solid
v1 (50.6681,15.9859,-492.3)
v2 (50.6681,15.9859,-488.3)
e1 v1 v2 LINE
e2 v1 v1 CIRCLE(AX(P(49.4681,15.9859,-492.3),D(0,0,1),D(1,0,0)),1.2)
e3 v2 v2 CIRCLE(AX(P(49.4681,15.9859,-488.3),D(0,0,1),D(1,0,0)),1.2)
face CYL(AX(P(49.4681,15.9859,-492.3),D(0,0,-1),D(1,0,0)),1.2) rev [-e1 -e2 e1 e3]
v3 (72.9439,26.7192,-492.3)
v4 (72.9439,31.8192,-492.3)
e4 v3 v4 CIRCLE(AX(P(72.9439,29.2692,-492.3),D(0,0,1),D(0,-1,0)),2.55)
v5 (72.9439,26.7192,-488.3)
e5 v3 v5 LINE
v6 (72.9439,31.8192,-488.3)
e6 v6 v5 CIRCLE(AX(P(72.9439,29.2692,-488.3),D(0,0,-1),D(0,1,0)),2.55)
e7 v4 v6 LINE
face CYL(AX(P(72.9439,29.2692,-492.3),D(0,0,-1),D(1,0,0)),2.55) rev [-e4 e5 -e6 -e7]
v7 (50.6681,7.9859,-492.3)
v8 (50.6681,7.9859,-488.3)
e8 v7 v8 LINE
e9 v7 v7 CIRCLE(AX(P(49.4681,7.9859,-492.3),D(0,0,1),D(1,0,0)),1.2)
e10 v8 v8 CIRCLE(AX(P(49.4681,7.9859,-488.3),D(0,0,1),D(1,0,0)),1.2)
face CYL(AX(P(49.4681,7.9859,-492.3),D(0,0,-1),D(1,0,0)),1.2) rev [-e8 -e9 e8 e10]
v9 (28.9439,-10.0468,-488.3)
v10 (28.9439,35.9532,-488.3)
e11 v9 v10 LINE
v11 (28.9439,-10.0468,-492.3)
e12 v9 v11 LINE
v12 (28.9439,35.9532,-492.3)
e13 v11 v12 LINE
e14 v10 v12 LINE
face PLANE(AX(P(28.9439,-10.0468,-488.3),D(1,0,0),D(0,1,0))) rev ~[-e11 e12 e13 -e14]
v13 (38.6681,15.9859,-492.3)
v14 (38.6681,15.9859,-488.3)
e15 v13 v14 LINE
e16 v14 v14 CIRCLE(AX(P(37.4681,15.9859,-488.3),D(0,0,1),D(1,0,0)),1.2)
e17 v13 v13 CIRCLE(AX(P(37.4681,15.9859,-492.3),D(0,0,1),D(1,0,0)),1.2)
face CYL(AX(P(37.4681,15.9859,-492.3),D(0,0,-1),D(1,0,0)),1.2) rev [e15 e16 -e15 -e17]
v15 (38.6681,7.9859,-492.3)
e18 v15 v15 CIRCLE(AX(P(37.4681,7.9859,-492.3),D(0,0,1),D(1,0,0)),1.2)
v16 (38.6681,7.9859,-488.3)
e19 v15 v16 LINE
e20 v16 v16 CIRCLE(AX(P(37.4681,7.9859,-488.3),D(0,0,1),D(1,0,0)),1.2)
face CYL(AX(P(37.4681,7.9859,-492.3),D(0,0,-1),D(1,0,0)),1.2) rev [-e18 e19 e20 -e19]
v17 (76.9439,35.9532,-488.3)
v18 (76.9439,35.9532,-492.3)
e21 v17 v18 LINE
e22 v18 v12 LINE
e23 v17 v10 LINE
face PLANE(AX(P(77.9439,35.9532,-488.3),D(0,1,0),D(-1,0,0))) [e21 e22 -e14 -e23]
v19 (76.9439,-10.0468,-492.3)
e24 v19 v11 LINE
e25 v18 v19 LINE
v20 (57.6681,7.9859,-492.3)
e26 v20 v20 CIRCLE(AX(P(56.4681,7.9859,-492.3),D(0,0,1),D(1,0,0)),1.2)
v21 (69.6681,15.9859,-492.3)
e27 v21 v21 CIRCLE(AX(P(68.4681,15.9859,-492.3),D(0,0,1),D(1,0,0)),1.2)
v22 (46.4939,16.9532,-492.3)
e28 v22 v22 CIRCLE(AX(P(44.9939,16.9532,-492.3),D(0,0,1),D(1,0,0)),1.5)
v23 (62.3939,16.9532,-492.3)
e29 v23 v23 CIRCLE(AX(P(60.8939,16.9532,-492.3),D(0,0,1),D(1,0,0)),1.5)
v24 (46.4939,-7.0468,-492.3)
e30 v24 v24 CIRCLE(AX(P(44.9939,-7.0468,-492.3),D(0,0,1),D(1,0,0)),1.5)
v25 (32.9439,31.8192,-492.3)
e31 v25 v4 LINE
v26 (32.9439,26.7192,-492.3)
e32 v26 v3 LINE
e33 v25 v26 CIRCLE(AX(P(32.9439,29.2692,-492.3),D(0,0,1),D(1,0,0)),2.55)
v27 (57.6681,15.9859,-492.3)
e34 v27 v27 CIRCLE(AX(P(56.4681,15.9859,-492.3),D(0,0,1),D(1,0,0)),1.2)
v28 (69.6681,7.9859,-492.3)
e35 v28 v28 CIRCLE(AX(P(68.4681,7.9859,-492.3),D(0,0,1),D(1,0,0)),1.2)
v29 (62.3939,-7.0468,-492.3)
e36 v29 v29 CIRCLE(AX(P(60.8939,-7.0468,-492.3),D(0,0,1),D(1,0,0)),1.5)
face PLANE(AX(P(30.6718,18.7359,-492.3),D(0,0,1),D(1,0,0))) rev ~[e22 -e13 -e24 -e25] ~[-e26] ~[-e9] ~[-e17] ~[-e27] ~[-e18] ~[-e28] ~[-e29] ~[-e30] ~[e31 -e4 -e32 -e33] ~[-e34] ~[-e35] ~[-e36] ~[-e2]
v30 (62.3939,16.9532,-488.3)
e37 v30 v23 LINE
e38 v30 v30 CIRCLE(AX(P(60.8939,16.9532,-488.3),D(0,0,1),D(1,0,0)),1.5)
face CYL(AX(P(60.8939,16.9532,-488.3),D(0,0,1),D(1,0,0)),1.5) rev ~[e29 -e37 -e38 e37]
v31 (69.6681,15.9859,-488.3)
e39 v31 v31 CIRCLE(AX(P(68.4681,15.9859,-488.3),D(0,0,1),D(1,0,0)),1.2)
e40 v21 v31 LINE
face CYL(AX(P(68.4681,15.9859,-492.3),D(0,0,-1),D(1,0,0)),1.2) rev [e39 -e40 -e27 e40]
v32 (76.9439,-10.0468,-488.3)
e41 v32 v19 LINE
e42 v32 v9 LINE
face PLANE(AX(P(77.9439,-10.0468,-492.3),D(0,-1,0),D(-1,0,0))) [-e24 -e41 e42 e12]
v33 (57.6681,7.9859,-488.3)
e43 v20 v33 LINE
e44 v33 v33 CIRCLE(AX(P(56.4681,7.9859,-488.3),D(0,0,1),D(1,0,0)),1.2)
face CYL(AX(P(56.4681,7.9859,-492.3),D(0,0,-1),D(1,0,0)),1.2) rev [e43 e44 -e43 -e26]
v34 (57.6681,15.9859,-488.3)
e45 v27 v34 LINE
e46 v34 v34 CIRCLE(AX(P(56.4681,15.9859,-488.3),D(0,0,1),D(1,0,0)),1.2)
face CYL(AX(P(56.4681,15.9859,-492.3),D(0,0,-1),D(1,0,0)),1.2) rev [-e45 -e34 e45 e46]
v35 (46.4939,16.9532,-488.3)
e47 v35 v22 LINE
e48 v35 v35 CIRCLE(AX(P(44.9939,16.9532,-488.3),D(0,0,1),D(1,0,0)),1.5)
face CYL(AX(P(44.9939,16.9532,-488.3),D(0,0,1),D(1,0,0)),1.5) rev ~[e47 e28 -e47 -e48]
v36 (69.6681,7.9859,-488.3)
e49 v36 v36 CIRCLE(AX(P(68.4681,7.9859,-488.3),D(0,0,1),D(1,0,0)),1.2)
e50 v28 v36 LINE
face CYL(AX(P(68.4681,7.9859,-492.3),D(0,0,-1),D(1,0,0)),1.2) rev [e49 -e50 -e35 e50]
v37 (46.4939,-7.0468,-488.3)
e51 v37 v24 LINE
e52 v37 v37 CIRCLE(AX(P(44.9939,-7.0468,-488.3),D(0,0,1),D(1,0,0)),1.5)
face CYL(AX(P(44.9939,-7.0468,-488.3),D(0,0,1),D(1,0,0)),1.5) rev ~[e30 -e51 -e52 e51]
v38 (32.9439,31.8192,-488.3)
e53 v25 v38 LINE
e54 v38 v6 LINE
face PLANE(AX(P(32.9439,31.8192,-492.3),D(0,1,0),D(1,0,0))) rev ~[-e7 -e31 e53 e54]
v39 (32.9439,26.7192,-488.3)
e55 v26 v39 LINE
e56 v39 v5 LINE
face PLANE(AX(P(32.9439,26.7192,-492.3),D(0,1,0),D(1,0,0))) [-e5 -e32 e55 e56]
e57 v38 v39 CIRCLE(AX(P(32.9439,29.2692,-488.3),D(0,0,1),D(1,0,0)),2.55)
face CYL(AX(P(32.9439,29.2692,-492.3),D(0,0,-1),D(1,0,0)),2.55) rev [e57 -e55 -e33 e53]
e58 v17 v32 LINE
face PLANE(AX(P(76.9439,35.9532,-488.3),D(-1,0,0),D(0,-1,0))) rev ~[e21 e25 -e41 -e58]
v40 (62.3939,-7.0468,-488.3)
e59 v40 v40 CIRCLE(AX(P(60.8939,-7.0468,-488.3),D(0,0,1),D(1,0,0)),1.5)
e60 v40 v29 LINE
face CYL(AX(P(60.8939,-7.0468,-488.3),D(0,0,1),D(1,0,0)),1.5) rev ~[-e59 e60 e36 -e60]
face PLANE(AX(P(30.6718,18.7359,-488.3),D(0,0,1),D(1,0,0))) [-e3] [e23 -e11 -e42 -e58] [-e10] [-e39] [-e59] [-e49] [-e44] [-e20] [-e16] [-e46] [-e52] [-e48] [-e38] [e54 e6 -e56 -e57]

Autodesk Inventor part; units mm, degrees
ref_plane "YZ Plane" through (0, 0, 0) normal (1, 0, 0) x (0, 1, 0)
ref_plane "XZ Plane" through (0, 0, 0) normal (0, 1, 0) x (-1, 0, 0)
ref_plane "XY Plane" through (0, 0, 0) normal (0, 0, 1) x (1, 0, 0)
ref_plane "РабПлоскость1" through (30.6718, 18.7359, -492.3) normal (0, 0, 1) x (1, 0, 0)
sketch "Эскиз1" plane through (30.6718, 18.7359, -492.3) normal (0, 0, 1) x (1, 0, 0)
  line L0 (9.0963, 0) -> (4.4963, 0) projected
  line L1 (4.4963, 0) -> (4.4963, -13.5) projected
  line L2 (9.0963, -13.5) -> (4.4963, -13.5) projected
  line L3 (9.0963, -13.5) -> (9.0963, 0) projected
  circle A0 centre (6.7963, -2.75) radius 1.2 projected
  circle A1 centre (6.7963, -10.75) radius 1.2 projected
  line L4 (21.0963, 0) -> (16.4963, 0) projected
  line L5 (16.4963, 0) -> (16.4963, -13.5) projected
  line L6 (21.0963, -13.5) -> (16.4963, -13.5) projected
  line L7 (21.0963, -13.5) -> (21.0963, 0) projected
  circle A2 centre (18.7963, -2.75) radius 1.2 projected
  circle A3 centre (18.7963, -10.75) radius 1.2 projected
  line L8 (28.0963, 0) -> (23.4963, 0) projected
  line L9 (23.4963, 0) -> (23.4963, -13.5) projected
  line L10 (28.0963, -13.5) -> (23.4963, -13.5) projected
  line L11 (28.0963, -13.5) -> (28.0963, 0) projected
  circle A4 centre (25.7963, -2.75) radius 1.2 projected
  circle A5 centre (25.7963, -10.75) radius 1.2 projected
  line L12 (40.0963, 0) -> (35.4963, 0) projected
  line L13 (35.4963, 0) -> (35.4963, -13.5) projected
  line L14 (40.0963, -13.5) -> (35.4963, -13.5) projected
  line L15 (40.0963, -13.5) -> (40.0963, 0) projected
  circle A6 centre (37.7963, -2.75) radius 1.2 projected
  circle A7 centre (37.7963, -10.75) radius 1.2 projected
  circle A8 centre (36.2999, 10.4999) radius 2.5 projected
  circle A9 centre (36.2999, 10.4999) radius 1 projected
  line L16 (-2.7279, 21.2173) -> (47.2721, 21.2173)
  line L17 (47.2721, 21.2173) -> (47.2721, -28.7827)
  line L18 (47.2721, -28.7827) -> (-2.7279, -28.7827)
  line L19 (-2.7279, -28.7827) -> (-2.7279, 21.2173)
  line L20 (22.2721, -16.5) -> (22.2721, -5.5248)
  line L21 (13.8, -23.7827) -> (31.824, -23.7827)
  line L22 (2.2721, 13.0833) -> (42.2721, 13.0833)
  line L23 (2.2721, 7.9833) -> (42.2721, 7.9833)
  circle A10 centre (2.2721, 10.5333) radius 2.55
  circle A11 centre (42.2721, 10.5333) radius 2.55
  point P0 (-30.6718, -18.7359)
  point P1 (-2.7279, -3.7827)
  point P2 (42.2721, 13.0833)
  dimension "d0" = 50
  dimension "d1" = 50
  dimension "d2" = 25
  dimension "d3" = 5
  dimension "d10" = 40
  dimension "d11" = 5
  dimension "d13" = 5
  dimension "d14" = 5.1
extrude "Выдавливание1" add sketch "Эскиз1" along normal blind 4 contours L3 L2 L1 L0 | L7 L6 L5 L4 | L11 L10 L9 L8 | L15 L14 L13 L12 | L16 L17 L18 L19
sketch "Эскиз2" plane through (30.6718, 18.7359, -488.3) normal (0, 0, 1) x (1, 0, 0)
  circle A0 centre (30.2221, -1.7827) radius 1.5 projected
  circle A1 centre (14.3221, -1.7827) radius 1.5 projected
  circle A2 centre (30.2221, -25.7827) radius 1.5 projected
  circle A3 centre (14.3221, -25.7827) radius 1.5 projected
  point P0 (-30.6718, -18.7359)
extrude "Выдавливание2" cut sketch "Эскиз2" against normal blind 10
sketch "Эскиз3" plane through (30.6718, 18.7359, -488.3) normal (0, 0, 1) x (1, 0, 0)
  line L0 (47.2721, 21.2173) -> (-2.7279, 21.2173) projected
  line L1 (47.2721, -28.7827) -> (47.2721, 21.2173) projected
  line L2 (-2.7279, 21.2173) -> (47.2721, 21.2173)
  line L3 (47.2721, 21.2173) -> (47.2721, 17.2173)
  line L4 (47.2721, 17.2173) -> (-2.7279, 17.2173)
  line L5 (-2.7279, 17.2173) -> (-2.7279, 21.2173)
  point P0 (-30.6718, -18.7359)
  dimension "d15" = 4
extrude "Выдавливание3" cut sketch "Эскиз3" against normal blind 10
sketch "Эскиз4" plane through (30.6718, 18.7359, -488.3) normal (0, 0, 1) x (1, 0, 0)
  line L0 (-2.7279, 17.2173) -> (-2.7279, -28.7827) projected
  line L1 (47.2721, 17.2173) -> (-2.7279, 17.2173) projected
  line L2 (-2.7279, -28.7827) -> (-1.7279, -28.7827)
  line L3 (-1.7279, -28.7827) -> (-1.7279, 17.2173)
  line L4 (-1.7279, 17.2173) -> (-2.7279, 17.2173)
  line L5 (-2.7279, 17.2173) -> (-2.7279, -28.7827)
  line L6 (47.2721, -28.7827) -> (47.2721, 17.2173) projected
  line L7 (-2.7279, -28.7827) -> (47.2721, -28.7827) projected
  line L8 (47.2721, 17.2173) -> (46.2721, 17.2173)
  line L9 (46.2721, 17.2173) -> (46.2721, -28.7827)
  line L10 (46.2721, -28.7827) -> (47.2721, -28.7827)
  line L11 (47.2721, -28.7827) -> (47.2721, 17.2173)
  point P0 (-30.6718, -18.7359)
  dimension "d18" = 1
  dimension "d19" = 1
extrude "Выдавливание4" cut sketch "Эскиз4" against normal blind 10 contours L1 L3 L2 L0 | L1 L6 L7 L9
properties part number "деталь на которой рельсы"
